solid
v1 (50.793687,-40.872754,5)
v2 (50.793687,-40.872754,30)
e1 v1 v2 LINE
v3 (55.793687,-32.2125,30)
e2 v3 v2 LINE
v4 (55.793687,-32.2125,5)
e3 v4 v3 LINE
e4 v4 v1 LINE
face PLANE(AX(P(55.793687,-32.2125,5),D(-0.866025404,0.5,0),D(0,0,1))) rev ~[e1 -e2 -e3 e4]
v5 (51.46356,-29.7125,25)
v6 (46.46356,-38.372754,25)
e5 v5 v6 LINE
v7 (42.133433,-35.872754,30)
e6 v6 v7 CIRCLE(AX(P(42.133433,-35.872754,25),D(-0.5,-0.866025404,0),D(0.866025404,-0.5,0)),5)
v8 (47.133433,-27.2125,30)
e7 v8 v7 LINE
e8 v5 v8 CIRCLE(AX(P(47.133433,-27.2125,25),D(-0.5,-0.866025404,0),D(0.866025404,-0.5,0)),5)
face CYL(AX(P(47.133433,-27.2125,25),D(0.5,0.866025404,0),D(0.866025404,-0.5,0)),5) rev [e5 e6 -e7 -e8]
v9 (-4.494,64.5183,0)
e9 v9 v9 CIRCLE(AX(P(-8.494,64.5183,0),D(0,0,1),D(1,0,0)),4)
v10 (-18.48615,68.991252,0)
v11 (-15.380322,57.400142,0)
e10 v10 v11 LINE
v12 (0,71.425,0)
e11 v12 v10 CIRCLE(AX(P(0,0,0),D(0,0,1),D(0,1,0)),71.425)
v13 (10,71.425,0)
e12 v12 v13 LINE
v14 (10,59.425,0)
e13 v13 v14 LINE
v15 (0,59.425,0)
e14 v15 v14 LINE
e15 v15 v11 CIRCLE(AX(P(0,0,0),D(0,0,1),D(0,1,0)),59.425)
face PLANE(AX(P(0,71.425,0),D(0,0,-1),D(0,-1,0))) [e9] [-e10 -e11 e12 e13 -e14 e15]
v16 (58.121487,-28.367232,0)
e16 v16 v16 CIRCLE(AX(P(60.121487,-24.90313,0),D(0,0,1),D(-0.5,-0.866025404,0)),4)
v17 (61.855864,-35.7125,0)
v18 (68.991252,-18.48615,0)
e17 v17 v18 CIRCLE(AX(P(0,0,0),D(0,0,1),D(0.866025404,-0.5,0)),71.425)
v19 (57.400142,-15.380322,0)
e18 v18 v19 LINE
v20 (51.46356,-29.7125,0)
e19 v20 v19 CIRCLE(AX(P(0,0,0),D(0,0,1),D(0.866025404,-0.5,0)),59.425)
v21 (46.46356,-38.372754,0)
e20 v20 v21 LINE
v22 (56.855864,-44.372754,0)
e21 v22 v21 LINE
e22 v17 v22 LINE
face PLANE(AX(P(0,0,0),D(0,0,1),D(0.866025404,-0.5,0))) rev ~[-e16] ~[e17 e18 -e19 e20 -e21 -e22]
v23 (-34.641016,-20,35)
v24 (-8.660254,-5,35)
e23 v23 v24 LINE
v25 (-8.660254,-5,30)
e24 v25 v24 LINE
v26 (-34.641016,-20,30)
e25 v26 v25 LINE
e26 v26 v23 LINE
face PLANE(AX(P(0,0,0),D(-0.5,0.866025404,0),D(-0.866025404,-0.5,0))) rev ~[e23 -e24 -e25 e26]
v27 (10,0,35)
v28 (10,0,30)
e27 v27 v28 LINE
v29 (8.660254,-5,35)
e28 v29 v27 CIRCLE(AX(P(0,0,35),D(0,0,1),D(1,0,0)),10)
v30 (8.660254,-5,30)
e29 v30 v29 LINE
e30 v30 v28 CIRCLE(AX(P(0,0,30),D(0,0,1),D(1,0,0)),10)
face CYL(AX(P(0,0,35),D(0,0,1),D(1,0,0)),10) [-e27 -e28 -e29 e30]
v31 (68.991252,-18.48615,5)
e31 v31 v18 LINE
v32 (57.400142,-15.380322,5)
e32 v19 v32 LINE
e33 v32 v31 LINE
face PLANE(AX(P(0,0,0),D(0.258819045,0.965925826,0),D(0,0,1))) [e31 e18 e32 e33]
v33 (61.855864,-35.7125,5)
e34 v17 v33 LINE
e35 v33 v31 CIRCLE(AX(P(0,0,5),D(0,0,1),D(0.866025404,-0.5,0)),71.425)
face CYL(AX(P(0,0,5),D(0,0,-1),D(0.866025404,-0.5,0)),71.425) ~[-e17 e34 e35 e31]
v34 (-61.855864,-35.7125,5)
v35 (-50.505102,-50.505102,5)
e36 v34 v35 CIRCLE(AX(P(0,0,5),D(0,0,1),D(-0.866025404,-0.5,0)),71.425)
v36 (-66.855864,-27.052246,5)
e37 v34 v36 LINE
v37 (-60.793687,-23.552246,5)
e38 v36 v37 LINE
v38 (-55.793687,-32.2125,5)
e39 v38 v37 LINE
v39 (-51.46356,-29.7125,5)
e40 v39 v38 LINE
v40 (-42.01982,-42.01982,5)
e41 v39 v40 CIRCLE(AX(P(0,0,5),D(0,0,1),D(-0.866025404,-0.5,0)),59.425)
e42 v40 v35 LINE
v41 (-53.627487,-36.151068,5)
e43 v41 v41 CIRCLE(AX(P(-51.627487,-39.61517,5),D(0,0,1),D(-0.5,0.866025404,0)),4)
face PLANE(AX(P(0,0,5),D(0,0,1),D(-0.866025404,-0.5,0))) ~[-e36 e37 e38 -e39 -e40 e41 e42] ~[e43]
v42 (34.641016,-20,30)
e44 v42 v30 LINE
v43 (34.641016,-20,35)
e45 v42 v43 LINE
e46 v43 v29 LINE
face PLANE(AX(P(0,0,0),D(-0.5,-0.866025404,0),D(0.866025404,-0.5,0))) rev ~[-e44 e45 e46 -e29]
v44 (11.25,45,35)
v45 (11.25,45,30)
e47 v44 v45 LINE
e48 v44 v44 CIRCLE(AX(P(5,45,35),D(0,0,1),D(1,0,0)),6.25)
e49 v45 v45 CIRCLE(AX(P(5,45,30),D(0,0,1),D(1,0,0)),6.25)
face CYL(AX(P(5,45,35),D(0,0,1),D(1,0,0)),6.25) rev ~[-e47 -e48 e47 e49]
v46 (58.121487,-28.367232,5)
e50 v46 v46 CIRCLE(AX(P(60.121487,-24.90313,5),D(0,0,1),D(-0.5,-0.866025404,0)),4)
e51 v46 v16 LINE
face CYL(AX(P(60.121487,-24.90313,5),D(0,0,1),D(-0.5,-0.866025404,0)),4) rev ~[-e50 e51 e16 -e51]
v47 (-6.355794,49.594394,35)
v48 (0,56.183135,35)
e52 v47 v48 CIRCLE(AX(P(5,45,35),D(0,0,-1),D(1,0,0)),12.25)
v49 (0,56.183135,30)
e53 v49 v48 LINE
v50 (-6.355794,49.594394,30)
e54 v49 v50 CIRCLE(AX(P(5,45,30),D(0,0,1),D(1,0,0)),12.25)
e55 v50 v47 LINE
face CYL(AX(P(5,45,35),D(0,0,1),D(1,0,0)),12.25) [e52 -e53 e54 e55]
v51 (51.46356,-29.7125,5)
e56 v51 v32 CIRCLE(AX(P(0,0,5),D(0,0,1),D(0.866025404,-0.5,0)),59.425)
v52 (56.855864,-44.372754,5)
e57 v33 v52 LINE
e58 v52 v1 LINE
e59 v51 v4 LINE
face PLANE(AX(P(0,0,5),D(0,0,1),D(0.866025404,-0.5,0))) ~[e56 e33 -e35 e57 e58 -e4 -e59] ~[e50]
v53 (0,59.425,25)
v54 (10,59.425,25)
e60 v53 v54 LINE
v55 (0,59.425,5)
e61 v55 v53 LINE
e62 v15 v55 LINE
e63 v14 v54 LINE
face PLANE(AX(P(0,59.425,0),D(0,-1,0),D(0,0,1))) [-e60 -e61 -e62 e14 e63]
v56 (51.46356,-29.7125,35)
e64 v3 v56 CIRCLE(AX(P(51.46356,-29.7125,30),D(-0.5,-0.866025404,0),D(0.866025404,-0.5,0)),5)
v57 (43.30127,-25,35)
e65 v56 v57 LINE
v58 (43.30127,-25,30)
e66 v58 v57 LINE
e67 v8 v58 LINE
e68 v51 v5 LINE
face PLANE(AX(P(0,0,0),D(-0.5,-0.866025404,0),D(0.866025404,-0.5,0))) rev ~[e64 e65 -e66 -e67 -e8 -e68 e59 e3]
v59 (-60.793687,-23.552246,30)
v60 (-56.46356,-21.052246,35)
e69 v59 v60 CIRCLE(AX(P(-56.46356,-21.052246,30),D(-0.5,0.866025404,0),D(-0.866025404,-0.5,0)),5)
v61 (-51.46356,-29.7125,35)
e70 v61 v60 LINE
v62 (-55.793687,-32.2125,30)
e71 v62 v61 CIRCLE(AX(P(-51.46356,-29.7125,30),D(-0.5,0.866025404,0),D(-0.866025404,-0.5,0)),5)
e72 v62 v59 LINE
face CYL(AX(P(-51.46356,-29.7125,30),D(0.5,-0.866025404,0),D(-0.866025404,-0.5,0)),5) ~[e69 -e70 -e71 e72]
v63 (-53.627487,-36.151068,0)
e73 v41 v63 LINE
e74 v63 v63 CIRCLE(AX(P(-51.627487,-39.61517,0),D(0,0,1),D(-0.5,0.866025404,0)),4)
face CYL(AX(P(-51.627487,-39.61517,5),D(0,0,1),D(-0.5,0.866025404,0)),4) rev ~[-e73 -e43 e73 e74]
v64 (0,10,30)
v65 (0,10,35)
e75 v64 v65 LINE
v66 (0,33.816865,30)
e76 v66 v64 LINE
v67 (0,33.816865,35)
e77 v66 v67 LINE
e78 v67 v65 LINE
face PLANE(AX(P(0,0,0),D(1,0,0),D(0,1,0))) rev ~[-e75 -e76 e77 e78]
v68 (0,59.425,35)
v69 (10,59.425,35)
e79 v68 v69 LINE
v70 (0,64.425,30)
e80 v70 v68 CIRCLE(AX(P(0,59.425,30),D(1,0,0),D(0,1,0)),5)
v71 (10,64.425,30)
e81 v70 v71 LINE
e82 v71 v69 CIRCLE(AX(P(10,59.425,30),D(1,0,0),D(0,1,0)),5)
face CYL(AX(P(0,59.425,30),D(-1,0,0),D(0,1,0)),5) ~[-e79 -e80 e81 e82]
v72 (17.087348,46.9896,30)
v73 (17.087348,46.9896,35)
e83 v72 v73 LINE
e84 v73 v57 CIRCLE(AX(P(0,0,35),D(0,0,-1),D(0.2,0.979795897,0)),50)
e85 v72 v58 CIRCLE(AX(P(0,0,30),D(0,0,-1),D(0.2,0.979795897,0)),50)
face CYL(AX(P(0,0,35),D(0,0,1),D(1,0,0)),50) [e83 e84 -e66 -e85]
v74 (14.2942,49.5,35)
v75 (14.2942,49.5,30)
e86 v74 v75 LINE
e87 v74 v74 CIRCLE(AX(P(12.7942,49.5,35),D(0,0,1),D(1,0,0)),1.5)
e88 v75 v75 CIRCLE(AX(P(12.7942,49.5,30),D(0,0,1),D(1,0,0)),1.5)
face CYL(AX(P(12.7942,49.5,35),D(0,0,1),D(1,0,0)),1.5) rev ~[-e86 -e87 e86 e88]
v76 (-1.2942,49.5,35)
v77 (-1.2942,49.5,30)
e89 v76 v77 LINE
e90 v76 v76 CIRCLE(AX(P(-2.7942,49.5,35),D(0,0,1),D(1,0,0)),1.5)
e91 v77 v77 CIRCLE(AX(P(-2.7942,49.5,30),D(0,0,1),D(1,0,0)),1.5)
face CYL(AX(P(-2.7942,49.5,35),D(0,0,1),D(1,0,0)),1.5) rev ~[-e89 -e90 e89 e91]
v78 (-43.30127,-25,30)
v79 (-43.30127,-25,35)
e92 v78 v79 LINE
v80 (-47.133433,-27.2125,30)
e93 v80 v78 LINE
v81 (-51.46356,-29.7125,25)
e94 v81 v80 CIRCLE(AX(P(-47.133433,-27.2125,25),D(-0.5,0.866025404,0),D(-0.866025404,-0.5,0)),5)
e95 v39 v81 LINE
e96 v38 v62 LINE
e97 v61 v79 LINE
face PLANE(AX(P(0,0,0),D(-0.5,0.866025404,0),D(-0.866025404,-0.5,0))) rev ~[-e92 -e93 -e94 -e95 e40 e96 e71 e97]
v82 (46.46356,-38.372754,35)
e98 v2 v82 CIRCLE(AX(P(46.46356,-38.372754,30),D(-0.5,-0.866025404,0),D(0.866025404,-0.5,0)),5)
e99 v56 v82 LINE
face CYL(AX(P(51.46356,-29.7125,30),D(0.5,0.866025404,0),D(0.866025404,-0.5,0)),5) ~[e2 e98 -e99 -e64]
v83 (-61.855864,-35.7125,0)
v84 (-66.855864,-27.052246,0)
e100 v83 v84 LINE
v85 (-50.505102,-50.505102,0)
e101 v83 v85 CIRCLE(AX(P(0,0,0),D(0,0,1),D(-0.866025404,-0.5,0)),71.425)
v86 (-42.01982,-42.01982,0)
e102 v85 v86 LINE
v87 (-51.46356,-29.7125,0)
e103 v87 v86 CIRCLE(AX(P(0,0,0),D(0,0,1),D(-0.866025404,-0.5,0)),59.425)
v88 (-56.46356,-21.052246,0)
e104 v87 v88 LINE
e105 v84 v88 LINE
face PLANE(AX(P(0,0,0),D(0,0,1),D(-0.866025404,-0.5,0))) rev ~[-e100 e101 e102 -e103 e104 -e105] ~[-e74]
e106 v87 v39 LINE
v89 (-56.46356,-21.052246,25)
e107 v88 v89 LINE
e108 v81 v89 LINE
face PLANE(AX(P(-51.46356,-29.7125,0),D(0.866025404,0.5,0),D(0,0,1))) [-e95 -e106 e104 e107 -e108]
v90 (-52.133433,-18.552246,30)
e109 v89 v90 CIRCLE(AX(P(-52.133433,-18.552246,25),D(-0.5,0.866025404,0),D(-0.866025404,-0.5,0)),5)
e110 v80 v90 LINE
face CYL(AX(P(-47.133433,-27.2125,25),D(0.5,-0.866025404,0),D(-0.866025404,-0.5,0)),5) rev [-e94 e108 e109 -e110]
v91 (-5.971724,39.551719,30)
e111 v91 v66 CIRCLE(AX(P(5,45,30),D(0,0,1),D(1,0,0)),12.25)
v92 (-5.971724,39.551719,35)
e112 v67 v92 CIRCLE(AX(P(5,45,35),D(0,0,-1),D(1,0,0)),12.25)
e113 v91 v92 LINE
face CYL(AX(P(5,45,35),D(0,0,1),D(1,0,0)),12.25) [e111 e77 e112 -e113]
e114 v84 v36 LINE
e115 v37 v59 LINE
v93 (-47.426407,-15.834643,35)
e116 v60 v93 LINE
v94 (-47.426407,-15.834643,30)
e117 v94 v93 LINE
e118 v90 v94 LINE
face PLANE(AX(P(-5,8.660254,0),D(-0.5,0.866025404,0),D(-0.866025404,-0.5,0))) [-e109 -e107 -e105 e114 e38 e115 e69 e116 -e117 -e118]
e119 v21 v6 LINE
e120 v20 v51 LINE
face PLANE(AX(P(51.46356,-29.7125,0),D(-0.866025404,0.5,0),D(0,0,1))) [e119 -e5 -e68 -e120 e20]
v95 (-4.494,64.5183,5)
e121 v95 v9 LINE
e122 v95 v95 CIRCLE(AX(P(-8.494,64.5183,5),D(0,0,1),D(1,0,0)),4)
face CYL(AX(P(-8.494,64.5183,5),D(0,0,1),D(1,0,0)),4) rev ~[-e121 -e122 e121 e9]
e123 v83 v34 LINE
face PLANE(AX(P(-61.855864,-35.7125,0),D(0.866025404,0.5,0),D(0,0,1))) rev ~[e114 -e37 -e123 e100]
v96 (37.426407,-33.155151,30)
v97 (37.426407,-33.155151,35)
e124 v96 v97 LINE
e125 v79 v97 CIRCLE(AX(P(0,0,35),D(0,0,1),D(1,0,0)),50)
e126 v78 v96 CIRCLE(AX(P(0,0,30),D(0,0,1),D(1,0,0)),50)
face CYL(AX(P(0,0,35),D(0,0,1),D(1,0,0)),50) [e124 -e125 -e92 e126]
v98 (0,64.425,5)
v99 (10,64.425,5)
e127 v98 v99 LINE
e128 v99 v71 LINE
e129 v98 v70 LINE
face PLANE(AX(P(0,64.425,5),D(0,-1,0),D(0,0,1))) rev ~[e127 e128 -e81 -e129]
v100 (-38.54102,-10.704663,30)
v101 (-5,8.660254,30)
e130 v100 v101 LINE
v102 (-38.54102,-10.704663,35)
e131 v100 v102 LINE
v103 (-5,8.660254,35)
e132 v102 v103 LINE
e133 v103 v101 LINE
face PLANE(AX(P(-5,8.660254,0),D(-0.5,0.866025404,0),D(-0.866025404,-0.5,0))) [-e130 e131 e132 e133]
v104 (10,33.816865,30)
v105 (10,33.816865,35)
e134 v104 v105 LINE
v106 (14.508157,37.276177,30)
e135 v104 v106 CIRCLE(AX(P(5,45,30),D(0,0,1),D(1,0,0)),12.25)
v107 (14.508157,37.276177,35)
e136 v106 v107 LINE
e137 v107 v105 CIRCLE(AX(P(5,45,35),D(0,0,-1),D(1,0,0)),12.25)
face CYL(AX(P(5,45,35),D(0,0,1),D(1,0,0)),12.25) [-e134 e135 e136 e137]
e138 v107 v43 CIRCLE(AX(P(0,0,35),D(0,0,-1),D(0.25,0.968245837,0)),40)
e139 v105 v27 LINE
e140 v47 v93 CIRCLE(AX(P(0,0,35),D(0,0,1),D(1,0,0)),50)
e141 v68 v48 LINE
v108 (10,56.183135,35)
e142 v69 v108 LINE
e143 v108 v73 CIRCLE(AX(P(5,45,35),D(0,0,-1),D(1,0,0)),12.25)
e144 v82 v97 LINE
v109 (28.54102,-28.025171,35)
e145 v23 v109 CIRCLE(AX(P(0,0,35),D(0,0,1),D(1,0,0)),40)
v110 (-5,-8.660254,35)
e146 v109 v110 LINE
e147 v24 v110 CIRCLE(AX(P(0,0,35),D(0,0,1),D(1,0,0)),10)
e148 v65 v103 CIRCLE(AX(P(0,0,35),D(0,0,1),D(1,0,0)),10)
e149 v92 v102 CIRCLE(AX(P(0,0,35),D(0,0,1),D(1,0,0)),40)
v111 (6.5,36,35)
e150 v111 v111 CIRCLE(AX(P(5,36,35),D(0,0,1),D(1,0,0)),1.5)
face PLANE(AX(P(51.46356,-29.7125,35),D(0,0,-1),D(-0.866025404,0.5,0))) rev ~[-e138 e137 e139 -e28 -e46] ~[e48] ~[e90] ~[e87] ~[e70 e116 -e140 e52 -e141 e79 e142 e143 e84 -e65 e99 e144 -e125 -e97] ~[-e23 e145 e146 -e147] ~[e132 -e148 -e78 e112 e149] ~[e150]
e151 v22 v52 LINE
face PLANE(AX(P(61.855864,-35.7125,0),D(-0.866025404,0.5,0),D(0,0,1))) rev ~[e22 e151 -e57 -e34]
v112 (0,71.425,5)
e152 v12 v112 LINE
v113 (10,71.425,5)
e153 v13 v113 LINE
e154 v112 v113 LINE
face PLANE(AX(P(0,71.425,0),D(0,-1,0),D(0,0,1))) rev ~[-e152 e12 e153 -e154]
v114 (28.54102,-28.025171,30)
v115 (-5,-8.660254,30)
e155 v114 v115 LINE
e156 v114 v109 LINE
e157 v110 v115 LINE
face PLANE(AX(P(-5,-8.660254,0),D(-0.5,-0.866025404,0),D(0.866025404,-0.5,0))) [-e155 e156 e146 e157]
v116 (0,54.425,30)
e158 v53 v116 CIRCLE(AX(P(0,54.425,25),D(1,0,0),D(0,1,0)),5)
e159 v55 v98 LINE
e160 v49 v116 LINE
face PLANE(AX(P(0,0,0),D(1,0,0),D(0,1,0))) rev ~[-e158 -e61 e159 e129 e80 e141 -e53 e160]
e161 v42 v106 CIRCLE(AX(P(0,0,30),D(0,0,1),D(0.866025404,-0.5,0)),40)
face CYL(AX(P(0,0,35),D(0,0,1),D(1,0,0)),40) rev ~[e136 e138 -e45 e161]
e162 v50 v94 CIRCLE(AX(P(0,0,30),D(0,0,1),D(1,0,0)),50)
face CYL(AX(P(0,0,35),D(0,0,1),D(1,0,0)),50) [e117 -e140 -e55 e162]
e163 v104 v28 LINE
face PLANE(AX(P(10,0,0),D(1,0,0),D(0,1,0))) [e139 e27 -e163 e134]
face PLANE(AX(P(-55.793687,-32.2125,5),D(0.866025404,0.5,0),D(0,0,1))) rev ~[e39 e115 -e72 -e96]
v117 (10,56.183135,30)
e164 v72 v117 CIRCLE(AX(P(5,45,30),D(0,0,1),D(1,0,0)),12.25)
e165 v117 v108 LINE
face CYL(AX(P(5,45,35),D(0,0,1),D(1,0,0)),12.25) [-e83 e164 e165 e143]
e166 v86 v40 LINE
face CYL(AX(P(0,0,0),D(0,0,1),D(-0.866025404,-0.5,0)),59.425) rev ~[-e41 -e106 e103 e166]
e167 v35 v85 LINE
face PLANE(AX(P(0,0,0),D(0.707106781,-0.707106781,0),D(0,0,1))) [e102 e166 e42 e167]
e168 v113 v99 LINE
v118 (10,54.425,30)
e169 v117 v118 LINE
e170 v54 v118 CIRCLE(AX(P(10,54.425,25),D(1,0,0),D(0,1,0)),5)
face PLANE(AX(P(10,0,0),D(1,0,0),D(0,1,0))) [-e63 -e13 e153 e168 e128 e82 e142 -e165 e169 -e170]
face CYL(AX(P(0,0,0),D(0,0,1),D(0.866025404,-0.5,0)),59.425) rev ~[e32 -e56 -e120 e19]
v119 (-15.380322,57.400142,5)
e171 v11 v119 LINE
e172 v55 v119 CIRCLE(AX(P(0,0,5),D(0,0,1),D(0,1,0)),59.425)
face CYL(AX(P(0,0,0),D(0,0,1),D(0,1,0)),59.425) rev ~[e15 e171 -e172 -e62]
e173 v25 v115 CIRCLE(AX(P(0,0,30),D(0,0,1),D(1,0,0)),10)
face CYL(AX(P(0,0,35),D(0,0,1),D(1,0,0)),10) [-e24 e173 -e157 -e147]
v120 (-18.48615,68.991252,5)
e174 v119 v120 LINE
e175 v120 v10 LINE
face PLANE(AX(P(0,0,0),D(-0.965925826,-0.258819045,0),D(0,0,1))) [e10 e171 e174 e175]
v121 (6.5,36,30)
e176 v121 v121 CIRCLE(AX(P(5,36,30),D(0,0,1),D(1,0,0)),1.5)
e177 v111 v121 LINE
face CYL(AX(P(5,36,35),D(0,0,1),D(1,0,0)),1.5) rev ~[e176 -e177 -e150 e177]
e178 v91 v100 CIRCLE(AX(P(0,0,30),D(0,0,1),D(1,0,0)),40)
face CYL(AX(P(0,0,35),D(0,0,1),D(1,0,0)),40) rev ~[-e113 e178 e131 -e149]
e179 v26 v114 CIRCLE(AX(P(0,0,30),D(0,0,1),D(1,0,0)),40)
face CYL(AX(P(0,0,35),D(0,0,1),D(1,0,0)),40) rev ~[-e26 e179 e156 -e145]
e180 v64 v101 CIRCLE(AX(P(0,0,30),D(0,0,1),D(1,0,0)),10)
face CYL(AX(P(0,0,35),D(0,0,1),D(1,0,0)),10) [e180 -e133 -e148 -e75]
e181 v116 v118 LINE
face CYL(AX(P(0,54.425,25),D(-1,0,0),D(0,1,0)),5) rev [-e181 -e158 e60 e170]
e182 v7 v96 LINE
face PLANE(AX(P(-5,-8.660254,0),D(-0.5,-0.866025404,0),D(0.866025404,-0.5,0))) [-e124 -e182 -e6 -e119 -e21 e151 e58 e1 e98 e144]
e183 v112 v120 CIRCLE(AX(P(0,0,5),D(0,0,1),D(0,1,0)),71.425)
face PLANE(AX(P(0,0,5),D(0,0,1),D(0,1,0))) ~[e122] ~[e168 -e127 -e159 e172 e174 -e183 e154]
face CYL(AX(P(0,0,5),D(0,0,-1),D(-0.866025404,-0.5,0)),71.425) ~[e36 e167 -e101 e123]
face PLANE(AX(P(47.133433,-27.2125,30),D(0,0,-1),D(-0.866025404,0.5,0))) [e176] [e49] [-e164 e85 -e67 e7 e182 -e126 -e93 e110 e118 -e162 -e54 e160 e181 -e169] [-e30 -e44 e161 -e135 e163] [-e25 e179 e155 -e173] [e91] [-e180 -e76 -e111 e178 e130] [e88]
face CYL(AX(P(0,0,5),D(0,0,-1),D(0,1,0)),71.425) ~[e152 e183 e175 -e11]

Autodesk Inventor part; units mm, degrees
ref_plane "YZ Plane" through (0, 0, 0) normal (1, 0, 0) x (0, 1, 0)
ref_plane "XZ Plane" through (0, 0, 0) normal (0, 1, 0) x (-1, 0, 0)
ref_plane "XY Plane" through (0, 0, 0) normal (0, 0, 1) x (1, 0, 0)
sketch "Sketch1" plane through (0, 0, 0) normal (0, 0, 1) x (1, 0, 0)
  circle A0 centre (0, 0) radius 59.425
  circle A1 centre (0, 0) radius 71.425
  line L0 (0, 0) -> (0, 59.425) construction
  line L1 (0, 71.425) -> (0, 59.425) construction
  circle A2 centre (0, 0) radius 65.075
  dimension "d0" = 118.85
  dimension "d2" = 12
  dimension "d12" = 130.15
sketch "Sketch2" plane through (0, 0, 0) normal (1, 0, 0) x (0, 1, 0)
  line L0 (59.425, 0) -> (59.425, 25)
  line L1 (54.425, 30) -> (0, 30)
  line L2 (59.425, 35) -> (0, 35)
  line L3 (0, 35) -> (0, 30)
  line L4 (71.425, 0) -> (71.425, 5)
  line L5 (71.425, 5) -> (64.425, 5)
  line L6 (64.425, 5) -> (64.425, 30)
  arc A0 (64.425, 30) -> (59.425, 35) centre (59.425, 30) ccw
  arc A1 (59.425, 25) -> (54.425, 30) centre (54.425, 25) ccw
  line L7 (71.425, 0) -> (59.425, 0)
  point P0 (0, 0)
  dimension "d3" = 5
  dimension "d5" = 30
  dimension "d6" = 5
  dimension "d7" = 5
  dimension "d8" = 5
extrude "Extrusion2" add sketch "Sketch2" along normal blind 10
sketch "Sketch5" plane through (0, 0, 0) normal (-1, 0, 0) x (0, 0, 1)
  line L0 (5, 71.425) -> (0, 71.425)
  line L1 (0, 71.425) -> (0, 59.425)
  line L2 (0, 59.425) -> (5, 59.425)
  line L3 (5, 59.425) -> (5, 71.425)
  line L4 (-7, 0) -> (42, 0) projected
  point P0 (0, 0)
revolve "Revolution1" add sketch "Sketch5" angle 15 about axis through (0, 0, -10) along (0, 0, 1)
sketch "Sketch6" plane through (0, 64.425, 5) normal (0, 0, 1) x (1, 0, 0)
  circle A0 centre (0, -64.425) radius 65.075 construction
  circle A1 centre (-8.494, 0.0933) radius 4
  line L0 (-8.494, 0.0933) -> (0, 7) construction
  line L1 (-18.4862, 4.5663) -> (-8.494, 0.0933) construction
  dimension "d17" = 8
extrude "Extrusion3" cut sketch "Sketch6" against normal blind 10
pattern_circular "Circular Pattern1" count 3 over 360 about axis through (0, 0, -10) along (0, 0, 1) of "Extrusion2", "Revolution1", "Extrusion3"
sketch "Sketch7" plane through (0, 59.425, 35) normal (0, 0, 1) x (1, 0, 0)
  circle A0 centre (0, -59.425) radius 50
  circle A1 centre (0, -59.425) radius 40
  circle A2 centre (0, -59.425) radius 65.075 projected
  circle A3 centre (0, -59.425) radius 10
  point P0 (-5, -50.7647)
  dimension "d23" = 100
  dimension "d24" = 80
extrude "Extrusion4" add sketch "Sketch7" against normal blind 5 contours A0 | A3
sketch "Sketch8" plane through (0, 59.425, 35) normal (0, 0, 1) x (1, 0, 0)
  circle A0 centre (5, -14.425) radius 6.25
  line L0 (0, -19.425) -> (0, -49.425) projected
  circle A1 centre (5, -14.425) radius 12.25
  circle A2 centre (-2.7942, -9.925) radius 1.5
  circle A3 centre (5, -23.425) radius 1.5
  circle A4 centre (12.7942, -9.925) radius 1.5
  circle A5 centre (5, -14.425) radius 9 construction
  line L1 (5, -23.425) -> (-2.7942, -9.925) construction
  line L2 (12.7942, -9.925) -> (-2.7942, -9.925) construction
  line L3 (5, -23.425) -> (12.7942, -9.925) construction
  point P0 (0, -59.425)
  dimension "d27" = 12.5
  dimension "d28" = 5
  dimension "d29" = 45
  dimension "d32" = 6
  dimension "d35" = 3
  dimension "d36" = 3
  dimension "d37" = 3
  dimension "d38" = 18
extrude "Extrusion6" add sketch "Sketch8" against normal blind 5 contours A1 | A2 | A3 | A4
extrude "Extrusion5" cut sketch "Sketch8" against normal blind 5 contours A0 | A2 | A3 | A4
properties part number "Return_Spool_Mount_2"
